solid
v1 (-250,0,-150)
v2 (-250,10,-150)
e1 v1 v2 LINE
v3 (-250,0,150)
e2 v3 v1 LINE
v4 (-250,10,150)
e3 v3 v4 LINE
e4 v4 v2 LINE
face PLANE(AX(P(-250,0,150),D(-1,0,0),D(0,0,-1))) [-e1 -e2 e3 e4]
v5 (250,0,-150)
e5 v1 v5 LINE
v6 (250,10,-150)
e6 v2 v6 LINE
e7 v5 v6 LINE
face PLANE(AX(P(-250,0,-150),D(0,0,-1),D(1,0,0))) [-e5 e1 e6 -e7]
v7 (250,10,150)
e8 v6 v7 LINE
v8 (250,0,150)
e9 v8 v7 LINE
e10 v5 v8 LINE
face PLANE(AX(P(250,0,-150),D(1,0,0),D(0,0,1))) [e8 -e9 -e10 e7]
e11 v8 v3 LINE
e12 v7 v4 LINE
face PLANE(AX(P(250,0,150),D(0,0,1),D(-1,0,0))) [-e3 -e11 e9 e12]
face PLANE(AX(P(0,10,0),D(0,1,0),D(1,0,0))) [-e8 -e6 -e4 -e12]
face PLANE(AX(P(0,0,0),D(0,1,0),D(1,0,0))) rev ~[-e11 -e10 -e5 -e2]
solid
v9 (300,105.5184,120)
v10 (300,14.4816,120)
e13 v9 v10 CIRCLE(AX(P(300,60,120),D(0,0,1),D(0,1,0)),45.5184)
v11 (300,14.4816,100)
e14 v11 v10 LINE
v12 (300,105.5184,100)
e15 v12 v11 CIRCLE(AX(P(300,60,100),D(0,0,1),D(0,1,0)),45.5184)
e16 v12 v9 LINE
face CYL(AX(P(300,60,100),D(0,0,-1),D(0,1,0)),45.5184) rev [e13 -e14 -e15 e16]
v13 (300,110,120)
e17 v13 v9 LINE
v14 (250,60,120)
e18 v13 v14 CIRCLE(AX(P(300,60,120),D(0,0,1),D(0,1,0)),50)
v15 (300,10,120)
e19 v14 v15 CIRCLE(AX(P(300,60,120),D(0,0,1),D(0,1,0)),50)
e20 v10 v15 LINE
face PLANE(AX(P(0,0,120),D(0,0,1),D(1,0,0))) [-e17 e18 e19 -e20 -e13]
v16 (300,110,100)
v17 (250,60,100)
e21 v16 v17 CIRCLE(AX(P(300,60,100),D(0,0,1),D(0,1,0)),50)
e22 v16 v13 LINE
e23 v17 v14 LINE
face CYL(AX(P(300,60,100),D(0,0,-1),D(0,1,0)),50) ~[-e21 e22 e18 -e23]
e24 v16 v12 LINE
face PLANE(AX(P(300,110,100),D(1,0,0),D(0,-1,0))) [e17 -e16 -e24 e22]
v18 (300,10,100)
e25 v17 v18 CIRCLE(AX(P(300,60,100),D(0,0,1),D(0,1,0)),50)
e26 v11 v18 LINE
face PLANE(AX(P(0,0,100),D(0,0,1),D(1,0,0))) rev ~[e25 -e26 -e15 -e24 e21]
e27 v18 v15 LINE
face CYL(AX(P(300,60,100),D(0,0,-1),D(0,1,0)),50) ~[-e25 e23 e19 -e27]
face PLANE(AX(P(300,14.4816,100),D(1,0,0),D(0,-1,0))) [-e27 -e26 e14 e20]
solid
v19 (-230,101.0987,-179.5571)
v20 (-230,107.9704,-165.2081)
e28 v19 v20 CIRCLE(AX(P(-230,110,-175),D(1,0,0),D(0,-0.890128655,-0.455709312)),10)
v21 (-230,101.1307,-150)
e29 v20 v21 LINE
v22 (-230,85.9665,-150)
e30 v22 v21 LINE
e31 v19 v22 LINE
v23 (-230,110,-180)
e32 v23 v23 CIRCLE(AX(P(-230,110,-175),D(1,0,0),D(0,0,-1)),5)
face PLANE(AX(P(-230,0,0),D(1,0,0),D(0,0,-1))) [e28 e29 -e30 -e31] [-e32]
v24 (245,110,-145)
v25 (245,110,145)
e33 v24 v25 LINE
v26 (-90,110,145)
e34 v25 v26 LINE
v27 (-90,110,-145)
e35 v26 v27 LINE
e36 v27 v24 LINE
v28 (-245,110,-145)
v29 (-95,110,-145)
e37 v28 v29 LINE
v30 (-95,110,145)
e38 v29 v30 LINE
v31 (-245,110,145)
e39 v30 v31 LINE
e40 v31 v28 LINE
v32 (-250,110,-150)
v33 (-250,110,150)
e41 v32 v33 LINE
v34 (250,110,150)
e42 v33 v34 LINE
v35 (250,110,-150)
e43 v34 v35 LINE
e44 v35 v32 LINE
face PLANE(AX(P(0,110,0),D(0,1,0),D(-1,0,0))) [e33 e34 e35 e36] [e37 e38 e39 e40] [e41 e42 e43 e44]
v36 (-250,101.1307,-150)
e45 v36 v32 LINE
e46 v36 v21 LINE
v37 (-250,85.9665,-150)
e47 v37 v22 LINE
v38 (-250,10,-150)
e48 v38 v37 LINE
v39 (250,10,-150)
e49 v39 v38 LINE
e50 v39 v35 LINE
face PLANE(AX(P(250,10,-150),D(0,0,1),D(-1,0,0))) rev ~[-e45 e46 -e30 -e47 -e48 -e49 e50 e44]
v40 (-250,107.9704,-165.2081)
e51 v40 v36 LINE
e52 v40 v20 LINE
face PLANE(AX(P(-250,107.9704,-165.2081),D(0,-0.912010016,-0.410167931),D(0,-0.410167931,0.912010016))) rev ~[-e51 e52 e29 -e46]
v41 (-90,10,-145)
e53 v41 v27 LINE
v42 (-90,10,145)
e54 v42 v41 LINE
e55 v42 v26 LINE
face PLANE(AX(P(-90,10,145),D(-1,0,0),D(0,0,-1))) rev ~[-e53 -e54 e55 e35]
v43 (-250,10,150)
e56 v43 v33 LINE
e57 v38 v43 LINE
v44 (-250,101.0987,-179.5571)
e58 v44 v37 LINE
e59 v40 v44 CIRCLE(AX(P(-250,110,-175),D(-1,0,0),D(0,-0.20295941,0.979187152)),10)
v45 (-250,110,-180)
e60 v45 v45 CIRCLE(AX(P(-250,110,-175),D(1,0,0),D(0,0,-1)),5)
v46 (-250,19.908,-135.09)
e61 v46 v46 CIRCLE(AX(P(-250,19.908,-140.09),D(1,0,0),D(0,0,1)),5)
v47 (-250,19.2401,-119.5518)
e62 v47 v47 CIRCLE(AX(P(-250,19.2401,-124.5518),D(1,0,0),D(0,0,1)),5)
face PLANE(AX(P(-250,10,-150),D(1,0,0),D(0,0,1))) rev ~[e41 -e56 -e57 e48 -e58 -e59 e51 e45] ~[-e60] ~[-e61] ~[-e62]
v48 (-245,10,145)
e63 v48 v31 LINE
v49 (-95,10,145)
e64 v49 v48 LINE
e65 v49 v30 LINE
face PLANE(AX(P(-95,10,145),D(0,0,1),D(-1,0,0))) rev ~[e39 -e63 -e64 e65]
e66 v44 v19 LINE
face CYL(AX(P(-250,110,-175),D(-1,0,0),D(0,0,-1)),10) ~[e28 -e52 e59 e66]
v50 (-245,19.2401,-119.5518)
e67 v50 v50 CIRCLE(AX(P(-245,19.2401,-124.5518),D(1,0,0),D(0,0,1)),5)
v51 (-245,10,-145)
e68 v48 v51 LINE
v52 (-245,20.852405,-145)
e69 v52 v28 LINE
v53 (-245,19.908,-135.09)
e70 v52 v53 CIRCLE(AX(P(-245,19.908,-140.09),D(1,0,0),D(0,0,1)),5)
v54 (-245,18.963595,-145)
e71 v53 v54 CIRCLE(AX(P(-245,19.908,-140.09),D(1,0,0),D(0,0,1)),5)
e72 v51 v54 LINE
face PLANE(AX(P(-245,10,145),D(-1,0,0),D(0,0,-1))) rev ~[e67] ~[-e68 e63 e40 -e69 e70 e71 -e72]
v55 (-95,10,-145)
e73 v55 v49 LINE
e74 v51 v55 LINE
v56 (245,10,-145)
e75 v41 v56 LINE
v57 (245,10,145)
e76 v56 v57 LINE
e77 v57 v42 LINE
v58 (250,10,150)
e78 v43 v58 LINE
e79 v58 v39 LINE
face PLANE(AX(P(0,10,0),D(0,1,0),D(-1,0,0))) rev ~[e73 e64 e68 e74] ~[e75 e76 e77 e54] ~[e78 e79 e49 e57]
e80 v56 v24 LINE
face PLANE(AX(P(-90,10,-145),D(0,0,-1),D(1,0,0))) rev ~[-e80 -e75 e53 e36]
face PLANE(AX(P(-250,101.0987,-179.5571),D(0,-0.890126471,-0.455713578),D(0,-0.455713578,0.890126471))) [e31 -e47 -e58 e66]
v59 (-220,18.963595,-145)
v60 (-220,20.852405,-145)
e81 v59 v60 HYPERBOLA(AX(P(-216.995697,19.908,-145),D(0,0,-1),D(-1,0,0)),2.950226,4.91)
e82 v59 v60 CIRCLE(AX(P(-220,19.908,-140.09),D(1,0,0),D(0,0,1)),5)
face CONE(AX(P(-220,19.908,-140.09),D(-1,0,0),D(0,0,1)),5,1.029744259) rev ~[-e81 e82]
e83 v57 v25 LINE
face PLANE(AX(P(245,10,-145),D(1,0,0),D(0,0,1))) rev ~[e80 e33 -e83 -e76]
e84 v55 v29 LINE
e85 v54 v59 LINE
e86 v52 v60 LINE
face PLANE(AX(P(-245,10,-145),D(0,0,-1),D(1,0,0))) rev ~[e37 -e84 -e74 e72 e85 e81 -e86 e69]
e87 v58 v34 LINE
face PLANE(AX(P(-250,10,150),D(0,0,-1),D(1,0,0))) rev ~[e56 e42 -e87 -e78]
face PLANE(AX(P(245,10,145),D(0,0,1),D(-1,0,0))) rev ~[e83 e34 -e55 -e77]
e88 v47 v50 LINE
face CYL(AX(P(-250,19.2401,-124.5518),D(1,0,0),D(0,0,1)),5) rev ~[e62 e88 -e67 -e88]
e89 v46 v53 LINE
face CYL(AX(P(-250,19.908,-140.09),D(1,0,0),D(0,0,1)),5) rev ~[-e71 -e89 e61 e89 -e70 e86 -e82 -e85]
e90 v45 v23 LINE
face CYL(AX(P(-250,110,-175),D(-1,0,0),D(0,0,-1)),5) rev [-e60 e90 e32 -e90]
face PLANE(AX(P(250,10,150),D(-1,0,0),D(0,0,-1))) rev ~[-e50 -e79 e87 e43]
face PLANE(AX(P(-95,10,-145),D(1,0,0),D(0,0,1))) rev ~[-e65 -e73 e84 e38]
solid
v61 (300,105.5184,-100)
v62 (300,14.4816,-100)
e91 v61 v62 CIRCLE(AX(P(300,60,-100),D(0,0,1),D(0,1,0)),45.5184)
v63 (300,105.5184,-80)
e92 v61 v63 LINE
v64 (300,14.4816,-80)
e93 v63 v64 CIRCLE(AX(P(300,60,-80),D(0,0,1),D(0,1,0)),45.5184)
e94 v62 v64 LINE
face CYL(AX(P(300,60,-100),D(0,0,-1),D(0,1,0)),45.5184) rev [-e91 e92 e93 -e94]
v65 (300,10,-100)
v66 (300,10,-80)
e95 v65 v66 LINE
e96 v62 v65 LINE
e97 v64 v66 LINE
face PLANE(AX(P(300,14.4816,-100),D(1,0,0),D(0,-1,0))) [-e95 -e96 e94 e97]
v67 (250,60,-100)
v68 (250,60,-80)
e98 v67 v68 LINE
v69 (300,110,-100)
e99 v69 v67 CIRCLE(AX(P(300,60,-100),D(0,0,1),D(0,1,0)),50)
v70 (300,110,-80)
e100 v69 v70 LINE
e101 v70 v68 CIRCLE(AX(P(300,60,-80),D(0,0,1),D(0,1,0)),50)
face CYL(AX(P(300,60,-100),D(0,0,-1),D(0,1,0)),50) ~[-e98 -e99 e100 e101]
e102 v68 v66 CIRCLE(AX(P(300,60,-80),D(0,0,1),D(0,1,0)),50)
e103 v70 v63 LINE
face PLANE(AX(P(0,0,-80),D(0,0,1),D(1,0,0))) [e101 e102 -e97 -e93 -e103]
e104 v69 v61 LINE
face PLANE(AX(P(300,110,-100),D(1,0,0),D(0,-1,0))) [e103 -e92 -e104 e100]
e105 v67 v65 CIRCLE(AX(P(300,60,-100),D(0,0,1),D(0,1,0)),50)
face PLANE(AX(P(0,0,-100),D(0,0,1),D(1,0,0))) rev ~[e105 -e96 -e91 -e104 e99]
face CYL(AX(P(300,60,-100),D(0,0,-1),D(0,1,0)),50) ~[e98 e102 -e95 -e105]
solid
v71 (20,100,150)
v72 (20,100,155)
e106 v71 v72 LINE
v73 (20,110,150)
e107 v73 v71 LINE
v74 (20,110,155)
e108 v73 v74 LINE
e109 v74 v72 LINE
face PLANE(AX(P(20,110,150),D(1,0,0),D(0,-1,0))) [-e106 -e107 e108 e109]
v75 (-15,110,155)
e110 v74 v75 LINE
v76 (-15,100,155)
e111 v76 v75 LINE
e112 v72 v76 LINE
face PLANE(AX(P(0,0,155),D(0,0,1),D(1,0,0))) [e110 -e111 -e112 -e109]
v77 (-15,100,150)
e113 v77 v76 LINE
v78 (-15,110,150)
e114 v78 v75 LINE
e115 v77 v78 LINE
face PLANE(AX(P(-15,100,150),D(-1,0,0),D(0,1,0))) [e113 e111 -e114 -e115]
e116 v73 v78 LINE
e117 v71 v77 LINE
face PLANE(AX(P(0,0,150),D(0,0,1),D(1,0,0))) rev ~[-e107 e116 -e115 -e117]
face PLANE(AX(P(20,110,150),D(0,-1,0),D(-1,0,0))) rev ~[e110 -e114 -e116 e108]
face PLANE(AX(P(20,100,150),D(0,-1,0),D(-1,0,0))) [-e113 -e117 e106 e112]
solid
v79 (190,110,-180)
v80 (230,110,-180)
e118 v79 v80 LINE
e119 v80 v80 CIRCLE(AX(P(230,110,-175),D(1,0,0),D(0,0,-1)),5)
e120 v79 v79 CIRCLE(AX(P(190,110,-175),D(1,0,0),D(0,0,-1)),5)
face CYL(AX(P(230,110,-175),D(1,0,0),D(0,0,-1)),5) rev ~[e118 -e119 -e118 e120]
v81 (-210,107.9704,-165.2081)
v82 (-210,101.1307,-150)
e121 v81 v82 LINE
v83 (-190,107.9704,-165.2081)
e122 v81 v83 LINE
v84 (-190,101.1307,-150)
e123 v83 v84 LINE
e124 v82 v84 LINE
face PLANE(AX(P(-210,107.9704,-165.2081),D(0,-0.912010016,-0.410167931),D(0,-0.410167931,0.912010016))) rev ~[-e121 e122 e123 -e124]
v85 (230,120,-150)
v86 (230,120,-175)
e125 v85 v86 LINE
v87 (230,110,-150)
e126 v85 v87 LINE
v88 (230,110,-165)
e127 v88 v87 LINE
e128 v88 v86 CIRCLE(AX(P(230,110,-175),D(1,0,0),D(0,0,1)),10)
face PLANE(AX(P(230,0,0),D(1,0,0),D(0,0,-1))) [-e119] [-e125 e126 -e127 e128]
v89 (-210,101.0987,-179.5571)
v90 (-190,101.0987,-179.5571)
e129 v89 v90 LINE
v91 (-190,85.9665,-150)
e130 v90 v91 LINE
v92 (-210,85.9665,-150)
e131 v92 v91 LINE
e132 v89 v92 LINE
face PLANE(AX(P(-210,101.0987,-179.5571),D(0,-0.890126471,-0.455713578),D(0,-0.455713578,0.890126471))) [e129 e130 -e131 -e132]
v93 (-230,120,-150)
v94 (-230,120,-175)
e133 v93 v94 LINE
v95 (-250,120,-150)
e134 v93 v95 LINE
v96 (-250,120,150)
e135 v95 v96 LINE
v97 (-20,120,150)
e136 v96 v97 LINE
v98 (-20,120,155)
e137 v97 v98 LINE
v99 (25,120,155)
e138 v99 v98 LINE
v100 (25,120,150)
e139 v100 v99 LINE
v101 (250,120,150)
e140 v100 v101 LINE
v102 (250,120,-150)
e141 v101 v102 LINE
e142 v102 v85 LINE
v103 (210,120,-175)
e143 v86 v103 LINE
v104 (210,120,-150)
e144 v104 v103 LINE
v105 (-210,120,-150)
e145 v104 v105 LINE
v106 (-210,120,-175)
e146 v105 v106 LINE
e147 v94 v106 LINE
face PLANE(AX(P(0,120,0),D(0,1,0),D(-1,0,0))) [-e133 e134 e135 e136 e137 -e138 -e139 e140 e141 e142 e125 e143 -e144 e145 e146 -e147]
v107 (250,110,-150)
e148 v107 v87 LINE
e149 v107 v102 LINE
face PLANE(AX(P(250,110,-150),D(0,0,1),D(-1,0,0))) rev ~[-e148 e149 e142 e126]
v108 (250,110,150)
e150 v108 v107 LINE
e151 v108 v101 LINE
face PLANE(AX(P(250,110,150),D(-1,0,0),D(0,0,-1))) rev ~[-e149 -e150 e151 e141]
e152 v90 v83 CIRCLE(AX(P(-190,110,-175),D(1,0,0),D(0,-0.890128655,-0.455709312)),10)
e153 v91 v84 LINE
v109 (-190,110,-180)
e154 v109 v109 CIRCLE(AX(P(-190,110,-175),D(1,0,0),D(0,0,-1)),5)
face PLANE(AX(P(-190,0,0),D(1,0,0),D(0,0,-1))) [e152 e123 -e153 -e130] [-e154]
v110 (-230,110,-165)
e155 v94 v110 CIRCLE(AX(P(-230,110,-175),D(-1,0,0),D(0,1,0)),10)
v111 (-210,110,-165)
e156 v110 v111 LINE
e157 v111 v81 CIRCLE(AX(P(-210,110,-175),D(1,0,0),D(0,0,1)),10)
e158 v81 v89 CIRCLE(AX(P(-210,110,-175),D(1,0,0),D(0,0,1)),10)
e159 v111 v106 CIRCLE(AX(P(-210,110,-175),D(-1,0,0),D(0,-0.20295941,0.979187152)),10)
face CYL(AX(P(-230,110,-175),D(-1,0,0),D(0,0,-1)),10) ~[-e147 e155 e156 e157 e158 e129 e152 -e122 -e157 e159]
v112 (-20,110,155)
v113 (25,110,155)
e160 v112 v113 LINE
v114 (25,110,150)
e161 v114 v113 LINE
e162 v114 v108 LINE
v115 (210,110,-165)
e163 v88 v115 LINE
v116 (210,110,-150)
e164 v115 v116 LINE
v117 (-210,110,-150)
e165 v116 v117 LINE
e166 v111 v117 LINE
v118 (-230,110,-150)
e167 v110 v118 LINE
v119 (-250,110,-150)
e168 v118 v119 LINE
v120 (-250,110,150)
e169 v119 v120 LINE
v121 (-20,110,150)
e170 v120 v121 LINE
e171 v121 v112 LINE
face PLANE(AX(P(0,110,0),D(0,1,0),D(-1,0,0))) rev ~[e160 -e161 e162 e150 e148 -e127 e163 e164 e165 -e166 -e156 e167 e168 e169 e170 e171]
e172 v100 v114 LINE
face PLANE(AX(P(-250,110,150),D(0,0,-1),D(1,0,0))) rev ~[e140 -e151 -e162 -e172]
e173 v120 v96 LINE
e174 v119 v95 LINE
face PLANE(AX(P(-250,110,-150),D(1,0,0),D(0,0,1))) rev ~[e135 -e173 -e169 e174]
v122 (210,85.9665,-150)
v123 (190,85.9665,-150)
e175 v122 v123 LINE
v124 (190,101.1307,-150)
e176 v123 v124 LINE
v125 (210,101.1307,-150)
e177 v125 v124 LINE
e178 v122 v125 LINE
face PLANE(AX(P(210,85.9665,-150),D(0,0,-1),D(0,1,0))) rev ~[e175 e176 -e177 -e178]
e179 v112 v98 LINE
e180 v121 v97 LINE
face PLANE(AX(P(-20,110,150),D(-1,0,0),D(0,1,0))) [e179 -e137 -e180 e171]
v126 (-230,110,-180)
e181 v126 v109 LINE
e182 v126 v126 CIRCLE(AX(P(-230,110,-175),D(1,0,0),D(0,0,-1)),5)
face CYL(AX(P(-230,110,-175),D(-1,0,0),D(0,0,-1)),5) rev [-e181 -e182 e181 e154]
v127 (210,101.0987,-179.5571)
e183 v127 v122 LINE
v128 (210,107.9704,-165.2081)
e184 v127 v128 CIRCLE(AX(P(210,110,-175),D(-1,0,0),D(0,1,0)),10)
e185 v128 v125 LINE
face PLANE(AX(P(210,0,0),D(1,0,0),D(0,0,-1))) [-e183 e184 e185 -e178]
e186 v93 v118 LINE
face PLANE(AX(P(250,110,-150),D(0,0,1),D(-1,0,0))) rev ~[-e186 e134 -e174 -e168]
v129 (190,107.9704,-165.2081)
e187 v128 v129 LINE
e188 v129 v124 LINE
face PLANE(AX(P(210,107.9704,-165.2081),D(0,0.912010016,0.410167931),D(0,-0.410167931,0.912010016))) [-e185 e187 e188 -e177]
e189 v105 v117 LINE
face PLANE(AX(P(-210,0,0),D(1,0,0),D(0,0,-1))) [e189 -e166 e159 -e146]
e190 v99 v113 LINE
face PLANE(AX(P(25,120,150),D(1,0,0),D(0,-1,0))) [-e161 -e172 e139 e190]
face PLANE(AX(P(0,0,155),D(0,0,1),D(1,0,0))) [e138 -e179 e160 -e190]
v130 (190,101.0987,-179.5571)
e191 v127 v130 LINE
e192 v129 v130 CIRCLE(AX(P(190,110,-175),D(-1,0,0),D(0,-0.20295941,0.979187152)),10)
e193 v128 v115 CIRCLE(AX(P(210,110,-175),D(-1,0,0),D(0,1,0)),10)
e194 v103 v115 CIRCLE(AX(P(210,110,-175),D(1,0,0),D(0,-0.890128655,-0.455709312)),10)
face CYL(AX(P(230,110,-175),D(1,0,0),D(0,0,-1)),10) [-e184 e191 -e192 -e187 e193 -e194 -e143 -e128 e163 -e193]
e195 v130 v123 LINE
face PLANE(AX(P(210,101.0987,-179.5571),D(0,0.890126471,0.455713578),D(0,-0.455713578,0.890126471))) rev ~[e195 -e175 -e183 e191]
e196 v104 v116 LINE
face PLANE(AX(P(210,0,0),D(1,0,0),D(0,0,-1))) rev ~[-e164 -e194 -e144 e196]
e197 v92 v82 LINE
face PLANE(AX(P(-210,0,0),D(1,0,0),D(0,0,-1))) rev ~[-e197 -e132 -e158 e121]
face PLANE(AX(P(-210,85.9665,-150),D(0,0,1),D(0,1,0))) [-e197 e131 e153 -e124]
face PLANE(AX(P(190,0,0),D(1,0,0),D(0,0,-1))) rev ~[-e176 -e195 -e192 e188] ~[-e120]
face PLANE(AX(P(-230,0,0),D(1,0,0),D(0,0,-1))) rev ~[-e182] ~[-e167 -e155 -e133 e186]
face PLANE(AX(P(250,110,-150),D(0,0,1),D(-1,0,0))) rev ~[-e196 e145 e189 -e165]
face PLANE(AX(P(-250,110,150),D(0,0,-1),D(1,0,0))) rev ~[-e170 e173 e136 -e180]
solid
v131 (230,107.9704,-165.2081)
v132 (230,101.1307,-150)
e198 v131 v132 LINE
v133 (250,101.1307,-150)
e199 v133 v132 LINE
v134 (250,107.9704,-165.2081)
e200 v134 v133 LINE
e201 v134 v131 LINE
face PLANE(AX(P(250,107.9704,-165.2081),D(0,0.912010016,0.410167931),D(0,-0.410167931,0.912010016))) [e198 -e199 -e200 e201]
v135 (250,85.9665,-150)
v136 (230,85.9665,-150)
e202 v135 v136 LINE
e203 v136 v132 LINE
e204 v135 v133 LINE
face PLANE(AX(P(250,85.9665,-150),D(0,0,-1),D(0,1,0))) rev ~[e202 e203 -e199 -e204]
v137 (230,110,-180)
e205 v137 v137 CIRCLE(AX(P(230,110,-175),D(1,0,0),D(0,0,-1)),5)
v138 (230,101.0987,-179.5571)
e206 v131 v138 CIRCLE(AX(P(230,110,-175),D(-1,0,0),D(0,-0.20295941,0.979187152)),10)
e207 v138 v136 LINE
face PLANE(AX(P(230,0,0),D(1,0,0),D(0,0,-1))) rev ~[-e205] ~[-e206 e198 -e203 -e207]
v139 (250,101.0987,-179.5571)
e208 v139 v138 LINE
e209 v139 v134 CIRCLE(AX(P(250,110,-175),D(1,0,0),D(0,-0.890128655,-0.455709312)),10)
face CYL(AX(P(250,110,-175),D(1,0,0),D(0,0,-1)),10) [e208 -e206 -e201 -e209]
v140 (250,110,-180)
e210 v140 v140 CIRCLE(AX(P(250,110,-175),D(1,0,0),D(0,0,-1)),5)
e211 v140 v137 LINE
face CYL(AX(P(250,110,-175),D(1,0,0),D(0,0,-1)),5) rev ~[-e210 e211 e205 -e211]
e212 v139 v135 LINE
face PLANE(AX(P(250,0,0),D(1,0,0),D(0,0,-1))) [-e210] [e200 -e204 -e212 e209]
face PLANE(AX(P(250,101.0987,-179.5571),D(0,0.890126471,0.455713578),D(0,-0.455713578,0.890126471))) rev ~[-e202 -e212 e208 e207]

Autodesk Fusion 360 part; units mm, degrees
sketch "Sketch1" plane through (0, 0, 0) normal (0, 1, 0) x (1, 0, 0)
  line L0 (250, -150) -> (-250, -150)
  line L1 (-250, -150) -> (-250, 150)
  line L2 (-250, 150) -> (250, 150)
  line L3 (250, 150) -> (250, -150)
  line L4 (250, -150) -> (-250, 150) construction
  line L5 (-250, -150) -> (250, 150) construction
  dimension "d1" = 500
  dimension "d2" = 300
extrude "Extrude1" add sketch "Sketch1" along normal blind 10 makes body 1
sketch "Sketch2" plane through (0, 10, 0) normal (0, 1, 0) x (-1, 0, 0)
  line L0 (-250, -150) -> (250, -150)
  line L1 (250, -150) -> (250, 150)
  line L2 (250, 150) -> (-250, 150)
  line L3 (-250, 150) -> (-250, -150)
  line L4 (-250, 150) -> (250, 150)
  line L5 (250, 150) -> (250, -150)
  line L6 (250, -150) -> (-250, -150)
  line L7 (-250, -150) -> (-250, 150)
  line L8 (250, -150) -> (-250, -150)
  line L9 (-250, -150) -> (-250, 150)
  line L10 (-250, 150) -> (250, 150)
  line L11 (250, 150) -> (250, -150)
  line L12 (250, -150) -> (-250, 150) construction
  line L13 (-250, -150) -> (250, 150) construction
  line L14 (-245, -145) -> (-245, 145)
  line L15 (245, 145) -> (245, -145)
  line L16 (90, 145) -> (90, -145)
  line L17 (95, -145) -> (95, 145)
  line L18 (95, 145) -> (90, -145) construction
  line L19 (90, 145) -> (95, -145) construction
  line L20 (-245, 145) -> (90, 145)
  line L21 (95, 145) -> (245, 145)
  line L22 (245, -145) -> (95, -145)
  line L23 (90, -145) -> (-245, -145)
  point P0 (92.5, 0)
  dimension "d6" = 5
  dimension "d7" = 150
extrude "Extrude1'" add sketch "Sketch2" along normal blind 100 separate body makes body 2 in component "Component"
sketch "Sketch3" plane through (0, 110, 0) normal (0, 1, 0) x (-1, 0, 0)
  line L0 (245, 145) -> (245, -145)
  line L1 (245, -145) -> (95, -145)
  line L2 (95, -145) -> (95, 145)
  line L3 (95, 145) -> (245, 145)
  line L4 (90, 145) -> (90, -145)
  line L5 (90, -145) -> (-245, -145)
  line L6 (-245, -145) -> (-245, 145)
  line L7 (-245, 145) -> (90, 145)
  line L8 (250, 150) -> (-250, 150)
  line L9 (-250, 150) -> (-250, -150)
  line L10 (-250, -150) -> (250, -150)
  line L11 (250, -150) -> (250, 150)
  line L12 (-250, 150) -> (250, 150)
  line L13 (250, 150) -> (250, -150)
  line L14 (250, -150) -> (-250, -150)
  line L15 (-250, -150) -> (-250, 150)
extrude "Extrude2" add sketch "Sketch3" along normal blind 10 separate body contours L0 L1 L2 L3 | L4 L5 L6 L7 | L8 L9 L10 L11 L12 L13 L14 L15 makes body 3
sketch "Sketch4" plane through (250, 0, 0) normal (1, 0, 0) x (0, 0, -1)
  line L0 (-150, 10) -> (150, 10)
  line L1 (150, 10) -> (150, 110)
  line L2 (150, 110) -> (-150, 110)
  line L3 (-150, 110) -> (-150, 10)
  line L4 (175, 125) -> (175, 75) construction
  circle A0 centre (175, 110) radius 10
  circle A1 centre (175, 110) radius 5
  line L5 (150, 110) -> (175, 110) construction
  line L6 (179.5571, 101.0987) -> (150, 85.9665)
  line L7 (150, 120) -> (175, 120)
  line L8 (165.2081, 107.9704) -> (150, 101.1307)
  line L9 (165, 110) -> (150, 110)
  line L10 (150, 120) -> (150, 110)
  dimension "d12" = 25
extrude "Extrude1''" add sketch "Sketch4" against normal blind 20 separate body contours L1 A0 L6 L8 | A0 makes body 4 in component "Component'"
extrude "Extrude3" add sketch "Sketch4" against normal blind 20 from surface at -20 contours A0 L7 L9 L10 | A0 bodies 3
extrude "Extrude4" add sketch "Sketch4" against normal blind 20 from surface at -40 contours L1 A0 L6 L8 | A0 bodies 3
extrude "Extrude2'" add sketch "Sketch4" along normal blind 20 from surface at -500 contours L1 A0 L6 L8 | A0 bodies 2 in component "Component"
extrude "Extrude5" add sketch "Sketch4" along normal blind 20 from surface at -480 contours A0 L7 L9 L10 | A0 bodies 3
extrude "Extrude6" add sketch "Sketch4" along normal blind 20 from surface at -460 contours L1 A0 L6 L8 | A0 bodies 3
sketch "Sketch5" plane through (0, 0, 150) normal (0, 0, 1) x (1, 0, 0)
  line L0 (-250, 110) -> (250, 110)
  line L1 (250, 110) -> (250, 120)
  line L2 (250, 120) -> (-250, 120)
  line L3 (-250, 120) -> (-250, 110)
  line L4 (-20, 120) -> (25, 120)
  line L5 (25, 120) -> (25, 100)
  line L6 (25, 100) -> (-20, 100)
  line L7 (-20, 100) -> (-20, 120)
extrude "Extrude7" add sketch "Sketch5" along normal blind 5 contours L0 L2 L4 L5 L7 bodies 3
sketch "Sketch6" plane through (0, 0, 150) normal (0, 0, 1) x (1, 0, 0)
  line L0 (-250, 10) -> (250, 10)
  line L1 (250, 10) -> (250, 110)
  line L2 (250, 110) -> (-250, 110)
  line L3 (-250, 110) -> (-250, 10)
  line L4 (-15, 110) -> (20, 110)
  line L5 (20, 110) -> (20, 100)
  line L6 (20, 100) -> (-15, 100)
  line L7 (-15, 100) -> (-15, 110)
extrude "Extrude1'''" add sketch "Sketch6" along normal blind 5 separate body contours L2 L4 L5 L6 L7 makes body 5 in component "Component''"
sketch "Sketch7" plane through (-250, 0, 0) normal (-1, 0, 0) x (0, 0, 1)
  circle A0 centre (-175, 110) radius 5
  line L0 (-150, 10) -> (150, 10)
  line L1 (150, 10) -> (150, 110)
  line L2 (150, 110) -> (-150, 110)
  line L3 (-150, 110) -> (-150, 101.1307)
  line L4 (-150, 101.1307) -> (-165.2081, 107.9704)
  arc A1 (-165.2081, 107.9704) -> (-179.5571, 101.0987) centre (-175, 110) ccw
  line L5 (-179.5571, 101.0987) -> (-150, 85.9665)
  line L6 (-150, 85.9665) -> (-150, 10)
hole "Hole1" at (-250, 19.908, -140.09) direction (1, 0, 0) diameter 10 depth 30 tip angle 118 bodies 2 in component "Component"
hole "Hole2" at (-250, 19.2401, -124.5518) direction (1, 0, 0) diameter 10 depth 40 tip angle 118 bodies 2 in component "Component"
sketch "Sketch8" plane through (0, 0, 150) normal (0, 0, 1) x (1, 0, 0)
  line L0 (-250, 10) -> (250, 10)
  line L1 (250, 10) -> (250, 110)
  line L2 (250, 110) -> (-250, 110)
  line L3 (-250, 110) -> (-250, 10)
  line L4 (250, 60) -> (350, 60) construction
  line L5 (300, 130) -> (300, 0) construction
  arc A0 (300, 110) -> (300, 10) centre (300, 60) ccw
  arc A1 (300, 105.5184) -> (300, 14.4816) centre (300, 60) ccw
  line L6 (300, 110) -> (300, 105.5184)
  line L7 (300, 14.4816) -> (300, 10)
  line L8 (300, 14.4816) -> (300, 10) construction
extrude "Extrude8" add sketch "Sketch8" along normal blind 20 from surface at -50 separate body contours A0 A1 L6 L7 makes body 6
extrude "Extrude9" add sketch "Sketch8" along normal blind 20 from surface at -250 separate body contours A0 A1 L6 L7 makes body 7
component "Component" placed x (1, 0, 0) y (0, 1, 0) z (0, 0, 1) at (0, 0, 0)
component "Component'" placed x (1, 0, 0) y (0, 1, 0) z (0, 0, 1) at (0, 0, 0)
component "Component''" placed x (1, 0, 0) y (0, 1, 0) z (0, 0, 1) at (0, 0, 0)
